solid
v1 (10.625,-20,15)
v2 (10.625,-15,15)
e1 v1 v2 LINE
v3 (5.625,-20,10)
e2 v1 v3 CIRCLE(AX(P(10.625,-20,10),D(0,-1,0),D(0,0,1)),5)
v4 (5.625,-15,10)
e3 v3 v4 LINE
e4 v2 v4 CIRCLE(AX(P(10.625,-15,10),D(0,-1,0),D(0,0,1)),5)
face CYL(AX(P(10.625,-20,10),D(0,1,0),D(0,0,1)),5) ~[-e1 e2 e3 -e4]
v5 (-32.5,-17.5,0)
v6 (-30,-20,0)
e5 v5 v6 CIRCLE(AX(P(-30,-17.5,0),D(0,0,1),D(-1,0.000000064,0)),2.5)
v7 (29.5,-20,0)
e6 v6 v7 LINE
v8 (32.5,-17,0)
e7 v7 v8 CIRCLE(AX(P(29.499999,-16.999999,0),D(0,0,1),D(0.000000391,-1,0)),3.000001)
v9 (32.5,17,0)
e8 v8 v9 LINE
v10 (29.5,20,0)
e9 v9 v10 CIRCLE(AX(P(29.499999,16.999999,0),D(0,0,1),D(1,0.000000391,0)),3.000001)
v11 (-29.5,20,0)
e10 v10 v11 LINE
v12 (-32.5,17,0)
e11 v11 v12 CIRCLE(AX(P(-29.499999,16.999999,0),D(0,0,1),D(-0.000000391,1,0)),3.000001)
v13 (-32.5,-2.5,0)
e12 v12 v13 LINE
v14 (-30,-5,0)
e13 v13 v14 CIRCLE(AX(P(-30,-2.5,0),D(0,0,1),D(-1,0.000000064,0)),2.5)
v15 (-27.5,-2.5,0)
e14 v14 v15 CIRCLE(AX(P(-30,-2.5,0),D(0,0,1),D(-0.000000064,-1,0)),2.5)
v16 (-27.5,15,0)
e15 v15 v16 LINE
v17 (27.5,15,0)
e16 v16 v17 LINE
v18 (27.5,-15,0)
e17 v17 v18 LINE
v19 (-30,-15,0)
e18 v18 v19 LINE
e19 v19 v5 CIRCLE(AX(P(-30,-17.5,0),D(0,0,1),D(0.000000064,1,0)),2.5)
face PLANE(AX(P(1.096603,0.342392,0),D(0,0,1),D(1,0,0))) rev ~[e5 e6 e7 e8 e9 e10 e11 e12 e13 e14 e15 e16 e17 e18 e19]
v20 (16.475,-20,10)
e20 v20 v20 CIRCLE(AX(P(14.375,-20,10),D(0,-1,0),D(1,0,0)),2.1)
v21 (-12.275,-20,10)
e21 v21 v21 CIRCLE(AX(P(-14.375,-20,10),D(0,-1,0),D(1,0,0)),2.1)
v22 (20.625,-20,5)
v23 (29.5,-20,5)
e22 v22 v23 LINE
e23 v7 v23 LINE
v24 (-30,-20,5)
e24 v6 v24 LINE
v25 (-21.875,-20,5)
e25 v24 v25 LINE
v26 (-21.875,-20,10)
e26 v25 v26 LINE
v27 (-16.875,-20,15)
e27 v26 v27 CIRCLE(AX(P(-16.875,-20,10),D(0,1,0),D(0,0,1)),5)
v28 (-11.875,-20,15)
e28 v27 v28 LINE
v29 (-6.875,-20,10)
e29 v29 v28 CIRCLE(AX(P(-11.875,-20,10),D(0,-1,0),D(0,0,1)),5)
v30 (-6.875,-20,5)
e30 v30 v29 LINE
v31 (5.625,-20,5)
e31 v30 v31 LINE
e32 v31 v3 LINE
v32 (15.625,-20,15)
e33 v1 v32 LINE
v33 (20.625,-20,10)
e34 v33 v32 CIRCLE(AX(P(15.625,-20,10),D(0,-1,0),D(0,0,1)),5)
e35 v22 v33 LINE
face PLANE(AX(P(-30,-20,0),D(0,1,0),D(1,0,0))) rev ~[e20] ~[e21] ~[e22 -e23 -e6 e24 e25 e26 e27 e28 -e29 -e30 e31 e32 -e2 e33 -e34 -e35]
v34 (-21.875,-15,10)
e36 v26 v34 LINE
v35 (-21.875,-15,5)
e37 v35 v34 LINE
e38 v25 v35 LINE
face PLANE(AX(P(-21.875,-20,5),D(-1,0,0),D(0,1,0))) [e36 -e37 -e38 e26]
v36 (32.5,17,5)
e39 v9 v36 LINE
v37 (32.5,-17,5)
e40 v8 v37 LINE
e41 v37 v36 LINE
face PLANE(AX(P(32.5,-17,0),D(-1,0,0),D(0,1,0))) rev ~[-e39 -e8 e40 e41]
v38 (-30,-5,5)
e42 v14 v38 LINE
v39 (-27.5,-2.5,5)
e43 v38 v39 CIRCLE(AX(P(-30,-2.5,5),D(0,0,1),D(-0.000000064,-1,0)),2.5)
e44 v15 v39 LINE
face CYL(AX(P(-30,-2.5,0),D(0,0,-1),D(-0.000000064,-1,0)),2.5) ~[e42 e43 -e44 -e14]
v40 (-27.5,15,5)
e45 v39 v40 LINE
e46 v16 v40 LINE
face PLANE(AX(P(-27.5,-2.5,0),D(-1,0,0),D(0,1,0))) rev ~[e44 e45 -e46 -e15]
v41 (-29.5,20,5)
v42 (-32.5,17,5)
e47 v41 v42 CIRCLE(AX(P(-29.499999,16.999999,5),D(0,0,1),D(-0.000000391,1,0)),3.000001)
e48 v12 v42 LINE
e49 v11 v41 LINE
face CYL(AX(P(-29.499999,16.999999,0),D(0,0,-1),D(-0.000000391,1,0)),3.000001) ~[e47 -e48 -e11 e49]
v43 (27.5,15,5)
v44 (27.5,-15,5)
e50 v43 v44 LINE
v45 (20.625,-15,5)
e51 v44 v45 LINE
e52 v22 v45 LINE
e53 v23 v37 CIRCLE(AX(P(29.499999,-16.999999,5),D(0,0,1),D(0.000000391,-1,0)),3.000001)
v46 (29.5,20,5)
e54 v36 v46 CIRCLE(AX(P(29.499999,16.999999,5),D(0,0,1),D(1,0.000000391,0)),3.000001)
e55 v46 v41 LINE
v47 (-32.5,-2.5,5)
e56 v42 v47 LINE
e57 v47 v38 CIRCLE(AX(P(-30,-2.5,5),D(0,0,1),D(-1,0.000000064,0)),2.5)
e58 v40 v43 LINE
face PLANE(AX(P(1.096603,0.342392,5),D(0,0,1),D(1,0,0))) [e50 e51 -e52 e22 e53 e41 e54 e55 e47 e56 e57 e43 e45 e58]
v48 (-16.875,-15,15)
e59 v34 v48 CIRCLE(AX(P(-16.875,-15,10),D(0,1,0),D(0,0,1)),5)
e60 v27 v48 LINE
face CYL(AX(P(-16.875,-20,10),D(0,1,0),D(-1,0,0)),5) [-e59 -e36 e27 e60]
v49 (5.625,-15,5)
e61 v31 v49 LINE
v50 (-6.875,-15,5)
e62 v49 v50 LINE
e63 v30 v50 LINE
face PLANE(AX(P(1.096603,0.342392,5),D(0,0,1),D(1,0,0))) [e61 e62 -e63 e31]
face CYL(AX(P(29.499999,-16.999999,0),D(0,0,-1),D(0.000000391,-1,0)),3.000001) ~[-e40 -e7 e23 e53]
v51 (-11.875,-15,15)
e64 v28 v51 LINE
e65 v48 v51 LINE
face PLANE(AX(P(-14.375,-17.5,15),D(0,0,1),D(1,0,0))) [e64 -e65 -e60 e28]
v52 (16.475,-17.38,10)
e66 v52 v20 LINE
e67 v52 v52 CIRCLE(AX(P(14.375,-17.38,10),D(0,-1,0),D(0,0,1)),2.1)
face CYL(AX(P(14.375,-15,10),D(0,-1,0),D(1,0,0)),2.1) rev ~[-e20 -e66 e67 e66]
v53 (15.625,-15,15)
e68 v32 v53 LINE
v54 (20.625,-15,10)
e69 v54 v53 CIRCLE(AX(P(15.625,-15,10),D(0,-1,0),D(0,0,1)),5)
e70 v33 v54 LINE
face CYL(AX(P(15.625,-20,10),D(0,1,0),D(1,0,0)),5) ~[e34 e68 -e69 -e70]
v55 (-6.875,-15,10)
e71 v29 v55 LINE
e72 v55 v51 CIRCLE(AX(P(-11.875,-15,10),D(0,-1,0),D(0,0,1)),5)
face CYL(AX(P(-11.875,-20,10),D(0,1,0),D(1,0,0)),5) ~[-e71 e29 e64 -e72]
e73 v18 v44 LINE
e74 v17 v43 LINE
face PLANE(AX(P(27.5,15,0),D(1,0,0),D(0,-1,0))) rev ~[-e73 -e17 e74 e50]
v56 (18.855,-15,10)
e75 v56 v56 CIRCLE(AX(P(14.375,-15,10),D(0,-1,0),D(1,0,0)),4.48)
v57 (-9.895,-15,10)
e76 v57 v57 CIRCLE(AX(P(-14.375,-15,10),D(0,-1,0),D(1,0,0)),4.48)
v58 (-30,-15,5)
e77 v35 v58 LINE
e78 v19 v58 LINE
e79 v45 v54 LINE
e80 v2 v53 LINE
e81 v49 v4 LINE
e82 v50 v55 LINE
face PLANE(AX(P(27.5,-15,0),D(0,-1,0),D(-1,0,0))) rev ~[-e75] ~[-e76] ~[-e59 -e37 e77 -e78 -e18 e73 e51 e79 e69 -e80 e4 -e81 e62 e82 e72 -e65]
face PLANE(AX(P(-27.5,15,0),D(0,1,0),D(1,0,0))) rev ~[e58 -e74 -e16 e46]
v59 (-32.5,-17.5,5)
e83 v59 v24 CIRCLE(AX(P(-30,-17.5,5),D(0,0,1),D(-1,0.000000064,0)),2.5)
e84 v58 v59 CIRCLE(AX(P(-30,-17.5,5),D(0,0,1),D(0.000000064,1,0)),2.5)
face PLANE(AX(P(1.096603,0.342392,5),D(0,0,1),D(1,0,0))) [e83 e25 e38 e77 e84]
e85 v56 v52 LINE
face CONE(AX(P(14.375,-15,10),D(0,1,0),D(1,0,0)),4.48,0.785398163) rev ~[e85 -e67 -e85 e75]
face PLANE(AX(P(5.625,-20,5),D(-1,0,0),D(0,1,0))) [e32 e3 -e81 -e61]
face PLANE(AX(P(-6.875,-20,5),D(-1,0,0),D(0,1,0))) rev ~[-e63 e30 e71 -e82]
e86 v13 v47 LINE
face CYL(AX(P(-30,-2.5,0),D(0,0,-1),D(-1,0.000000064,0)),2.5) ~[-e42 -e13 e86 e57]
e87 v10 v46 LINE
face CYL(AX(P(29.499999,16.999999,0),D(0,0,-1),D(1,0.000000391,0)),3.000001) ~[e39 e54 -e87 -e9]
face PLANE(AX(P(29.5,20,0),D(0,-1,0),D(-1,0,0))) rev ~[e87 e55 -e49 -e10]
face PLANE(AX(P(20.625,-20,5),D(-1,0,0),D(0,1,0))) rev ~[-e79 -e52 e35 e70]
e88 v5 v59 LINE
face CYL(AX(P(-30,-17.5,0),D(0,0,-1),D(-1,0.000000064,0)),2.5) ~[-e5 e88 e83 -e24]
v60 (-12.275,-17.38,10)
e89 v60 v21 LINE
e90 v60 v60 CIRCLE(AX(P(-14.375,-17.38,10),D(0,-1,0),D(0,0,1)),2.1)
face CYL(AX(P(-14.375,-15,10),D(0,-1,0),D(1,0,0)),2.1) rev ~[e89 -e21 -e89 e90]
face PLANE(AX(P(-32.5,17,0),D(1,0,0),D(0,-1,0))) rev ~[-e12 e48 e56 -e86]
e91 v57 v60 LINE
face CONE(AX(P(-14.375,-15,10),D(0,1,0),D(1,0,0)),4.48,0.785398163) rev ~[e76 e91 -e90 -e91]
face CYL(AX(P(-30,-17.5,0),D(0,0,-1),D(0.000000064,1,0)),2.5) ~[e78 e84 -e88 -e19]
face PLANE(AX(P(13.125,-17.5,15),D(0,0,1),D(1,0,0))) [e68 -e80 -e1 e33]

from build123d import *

# Parameters (mm, degrees)
F1_DEPTH       = 5
F2_W           = 15
F2_H           = 5
F3_DEPTH       = 10
F4_R           = 5
F6_D           = 4.2
F6_CSINK_D     = 8.96
F6_CSINK_ANGLE = 90


with BuildPart() as f1:
    # F0 (on Top) → F1 (new body)
    with BuildSketch(Plane.XY):
        with BuildLine():
            Line((29.5, 20), (-29.5, 20))
            ThreePointArc((-29.5, 20), (-31.62132, 19.12132), (-32.5, 17))
            Line((-32.5, 17), (-32.5, -2.5))
            ThreePointArc((-32.5, -2.5), (-31.767767, -4.267767), (-30, -5))
            ThreePointArc((-30, -5), (-28.232233, -4.267767), (-27.5, -2.5))
            Line((-27.5, -2.5), (-27.5, 15))
            Line((-27.5, 15), (27.5, 15))
            Line((27.5, 15), (27.5, -15))
            Line((27.5, -15), (-27.5, -15))
            Line((-27.5, -15), (-30, -15))
            ThreePointArc((-30, -15), (-31.767767, -15.732233), (-32.5, -17.5))
            ThreePointArc((-32.5, -17.5), (-31.767767, -19.267767), (-30, -20))
            Line((-30, -20), (29.5, -20))
            ThreePointArc((29.5, -20), (31.62132, -19.12132), (32.5, -17))
            Line((32.5, -17), (32.5, 17))
            ThreePointArc((32.5, 17), (31.62132, 19.12132), (29.5, 20))
        make_face()
    extrude(amount=F1_DEPTH)

    # F2 (on face) → F3 (join)
    with BuildSketch(Plane.XY.offset(5)):
        with Locations((-14.375, -17.5)):
            Rectangle(F2_W, F2_H)
        with Locations((13.125, -17.5)):
            Rectangle(F2_W, F2_H)
    extrude(amount=F3_DEPTH)

    # F4
    f4_edges = [f1.edges().sort_by_distance(p)[0] for p in [
        (-21.875, -17.5, 15),
        (-6.875, -17.5, 15),
        (5.625, -17.5, 15),
        (20.625, -17.5, 15),
    ]]
    fillet(f4_edges, radius=F4_R)

    # F6 (through all)
    with Locations(Plane(origin=(0, -15, 0), x_dir=(-1, 0, 0), z_dir=(0, 1, 0))):
        with Locations((14.375, 10), (-14.375, 10)):
            CounterSinkHole(F6_D / 2, F6_CSINK_D / 2, counter_sink_angle=F6_CSINK_ANGLE)


solid = f1.part
